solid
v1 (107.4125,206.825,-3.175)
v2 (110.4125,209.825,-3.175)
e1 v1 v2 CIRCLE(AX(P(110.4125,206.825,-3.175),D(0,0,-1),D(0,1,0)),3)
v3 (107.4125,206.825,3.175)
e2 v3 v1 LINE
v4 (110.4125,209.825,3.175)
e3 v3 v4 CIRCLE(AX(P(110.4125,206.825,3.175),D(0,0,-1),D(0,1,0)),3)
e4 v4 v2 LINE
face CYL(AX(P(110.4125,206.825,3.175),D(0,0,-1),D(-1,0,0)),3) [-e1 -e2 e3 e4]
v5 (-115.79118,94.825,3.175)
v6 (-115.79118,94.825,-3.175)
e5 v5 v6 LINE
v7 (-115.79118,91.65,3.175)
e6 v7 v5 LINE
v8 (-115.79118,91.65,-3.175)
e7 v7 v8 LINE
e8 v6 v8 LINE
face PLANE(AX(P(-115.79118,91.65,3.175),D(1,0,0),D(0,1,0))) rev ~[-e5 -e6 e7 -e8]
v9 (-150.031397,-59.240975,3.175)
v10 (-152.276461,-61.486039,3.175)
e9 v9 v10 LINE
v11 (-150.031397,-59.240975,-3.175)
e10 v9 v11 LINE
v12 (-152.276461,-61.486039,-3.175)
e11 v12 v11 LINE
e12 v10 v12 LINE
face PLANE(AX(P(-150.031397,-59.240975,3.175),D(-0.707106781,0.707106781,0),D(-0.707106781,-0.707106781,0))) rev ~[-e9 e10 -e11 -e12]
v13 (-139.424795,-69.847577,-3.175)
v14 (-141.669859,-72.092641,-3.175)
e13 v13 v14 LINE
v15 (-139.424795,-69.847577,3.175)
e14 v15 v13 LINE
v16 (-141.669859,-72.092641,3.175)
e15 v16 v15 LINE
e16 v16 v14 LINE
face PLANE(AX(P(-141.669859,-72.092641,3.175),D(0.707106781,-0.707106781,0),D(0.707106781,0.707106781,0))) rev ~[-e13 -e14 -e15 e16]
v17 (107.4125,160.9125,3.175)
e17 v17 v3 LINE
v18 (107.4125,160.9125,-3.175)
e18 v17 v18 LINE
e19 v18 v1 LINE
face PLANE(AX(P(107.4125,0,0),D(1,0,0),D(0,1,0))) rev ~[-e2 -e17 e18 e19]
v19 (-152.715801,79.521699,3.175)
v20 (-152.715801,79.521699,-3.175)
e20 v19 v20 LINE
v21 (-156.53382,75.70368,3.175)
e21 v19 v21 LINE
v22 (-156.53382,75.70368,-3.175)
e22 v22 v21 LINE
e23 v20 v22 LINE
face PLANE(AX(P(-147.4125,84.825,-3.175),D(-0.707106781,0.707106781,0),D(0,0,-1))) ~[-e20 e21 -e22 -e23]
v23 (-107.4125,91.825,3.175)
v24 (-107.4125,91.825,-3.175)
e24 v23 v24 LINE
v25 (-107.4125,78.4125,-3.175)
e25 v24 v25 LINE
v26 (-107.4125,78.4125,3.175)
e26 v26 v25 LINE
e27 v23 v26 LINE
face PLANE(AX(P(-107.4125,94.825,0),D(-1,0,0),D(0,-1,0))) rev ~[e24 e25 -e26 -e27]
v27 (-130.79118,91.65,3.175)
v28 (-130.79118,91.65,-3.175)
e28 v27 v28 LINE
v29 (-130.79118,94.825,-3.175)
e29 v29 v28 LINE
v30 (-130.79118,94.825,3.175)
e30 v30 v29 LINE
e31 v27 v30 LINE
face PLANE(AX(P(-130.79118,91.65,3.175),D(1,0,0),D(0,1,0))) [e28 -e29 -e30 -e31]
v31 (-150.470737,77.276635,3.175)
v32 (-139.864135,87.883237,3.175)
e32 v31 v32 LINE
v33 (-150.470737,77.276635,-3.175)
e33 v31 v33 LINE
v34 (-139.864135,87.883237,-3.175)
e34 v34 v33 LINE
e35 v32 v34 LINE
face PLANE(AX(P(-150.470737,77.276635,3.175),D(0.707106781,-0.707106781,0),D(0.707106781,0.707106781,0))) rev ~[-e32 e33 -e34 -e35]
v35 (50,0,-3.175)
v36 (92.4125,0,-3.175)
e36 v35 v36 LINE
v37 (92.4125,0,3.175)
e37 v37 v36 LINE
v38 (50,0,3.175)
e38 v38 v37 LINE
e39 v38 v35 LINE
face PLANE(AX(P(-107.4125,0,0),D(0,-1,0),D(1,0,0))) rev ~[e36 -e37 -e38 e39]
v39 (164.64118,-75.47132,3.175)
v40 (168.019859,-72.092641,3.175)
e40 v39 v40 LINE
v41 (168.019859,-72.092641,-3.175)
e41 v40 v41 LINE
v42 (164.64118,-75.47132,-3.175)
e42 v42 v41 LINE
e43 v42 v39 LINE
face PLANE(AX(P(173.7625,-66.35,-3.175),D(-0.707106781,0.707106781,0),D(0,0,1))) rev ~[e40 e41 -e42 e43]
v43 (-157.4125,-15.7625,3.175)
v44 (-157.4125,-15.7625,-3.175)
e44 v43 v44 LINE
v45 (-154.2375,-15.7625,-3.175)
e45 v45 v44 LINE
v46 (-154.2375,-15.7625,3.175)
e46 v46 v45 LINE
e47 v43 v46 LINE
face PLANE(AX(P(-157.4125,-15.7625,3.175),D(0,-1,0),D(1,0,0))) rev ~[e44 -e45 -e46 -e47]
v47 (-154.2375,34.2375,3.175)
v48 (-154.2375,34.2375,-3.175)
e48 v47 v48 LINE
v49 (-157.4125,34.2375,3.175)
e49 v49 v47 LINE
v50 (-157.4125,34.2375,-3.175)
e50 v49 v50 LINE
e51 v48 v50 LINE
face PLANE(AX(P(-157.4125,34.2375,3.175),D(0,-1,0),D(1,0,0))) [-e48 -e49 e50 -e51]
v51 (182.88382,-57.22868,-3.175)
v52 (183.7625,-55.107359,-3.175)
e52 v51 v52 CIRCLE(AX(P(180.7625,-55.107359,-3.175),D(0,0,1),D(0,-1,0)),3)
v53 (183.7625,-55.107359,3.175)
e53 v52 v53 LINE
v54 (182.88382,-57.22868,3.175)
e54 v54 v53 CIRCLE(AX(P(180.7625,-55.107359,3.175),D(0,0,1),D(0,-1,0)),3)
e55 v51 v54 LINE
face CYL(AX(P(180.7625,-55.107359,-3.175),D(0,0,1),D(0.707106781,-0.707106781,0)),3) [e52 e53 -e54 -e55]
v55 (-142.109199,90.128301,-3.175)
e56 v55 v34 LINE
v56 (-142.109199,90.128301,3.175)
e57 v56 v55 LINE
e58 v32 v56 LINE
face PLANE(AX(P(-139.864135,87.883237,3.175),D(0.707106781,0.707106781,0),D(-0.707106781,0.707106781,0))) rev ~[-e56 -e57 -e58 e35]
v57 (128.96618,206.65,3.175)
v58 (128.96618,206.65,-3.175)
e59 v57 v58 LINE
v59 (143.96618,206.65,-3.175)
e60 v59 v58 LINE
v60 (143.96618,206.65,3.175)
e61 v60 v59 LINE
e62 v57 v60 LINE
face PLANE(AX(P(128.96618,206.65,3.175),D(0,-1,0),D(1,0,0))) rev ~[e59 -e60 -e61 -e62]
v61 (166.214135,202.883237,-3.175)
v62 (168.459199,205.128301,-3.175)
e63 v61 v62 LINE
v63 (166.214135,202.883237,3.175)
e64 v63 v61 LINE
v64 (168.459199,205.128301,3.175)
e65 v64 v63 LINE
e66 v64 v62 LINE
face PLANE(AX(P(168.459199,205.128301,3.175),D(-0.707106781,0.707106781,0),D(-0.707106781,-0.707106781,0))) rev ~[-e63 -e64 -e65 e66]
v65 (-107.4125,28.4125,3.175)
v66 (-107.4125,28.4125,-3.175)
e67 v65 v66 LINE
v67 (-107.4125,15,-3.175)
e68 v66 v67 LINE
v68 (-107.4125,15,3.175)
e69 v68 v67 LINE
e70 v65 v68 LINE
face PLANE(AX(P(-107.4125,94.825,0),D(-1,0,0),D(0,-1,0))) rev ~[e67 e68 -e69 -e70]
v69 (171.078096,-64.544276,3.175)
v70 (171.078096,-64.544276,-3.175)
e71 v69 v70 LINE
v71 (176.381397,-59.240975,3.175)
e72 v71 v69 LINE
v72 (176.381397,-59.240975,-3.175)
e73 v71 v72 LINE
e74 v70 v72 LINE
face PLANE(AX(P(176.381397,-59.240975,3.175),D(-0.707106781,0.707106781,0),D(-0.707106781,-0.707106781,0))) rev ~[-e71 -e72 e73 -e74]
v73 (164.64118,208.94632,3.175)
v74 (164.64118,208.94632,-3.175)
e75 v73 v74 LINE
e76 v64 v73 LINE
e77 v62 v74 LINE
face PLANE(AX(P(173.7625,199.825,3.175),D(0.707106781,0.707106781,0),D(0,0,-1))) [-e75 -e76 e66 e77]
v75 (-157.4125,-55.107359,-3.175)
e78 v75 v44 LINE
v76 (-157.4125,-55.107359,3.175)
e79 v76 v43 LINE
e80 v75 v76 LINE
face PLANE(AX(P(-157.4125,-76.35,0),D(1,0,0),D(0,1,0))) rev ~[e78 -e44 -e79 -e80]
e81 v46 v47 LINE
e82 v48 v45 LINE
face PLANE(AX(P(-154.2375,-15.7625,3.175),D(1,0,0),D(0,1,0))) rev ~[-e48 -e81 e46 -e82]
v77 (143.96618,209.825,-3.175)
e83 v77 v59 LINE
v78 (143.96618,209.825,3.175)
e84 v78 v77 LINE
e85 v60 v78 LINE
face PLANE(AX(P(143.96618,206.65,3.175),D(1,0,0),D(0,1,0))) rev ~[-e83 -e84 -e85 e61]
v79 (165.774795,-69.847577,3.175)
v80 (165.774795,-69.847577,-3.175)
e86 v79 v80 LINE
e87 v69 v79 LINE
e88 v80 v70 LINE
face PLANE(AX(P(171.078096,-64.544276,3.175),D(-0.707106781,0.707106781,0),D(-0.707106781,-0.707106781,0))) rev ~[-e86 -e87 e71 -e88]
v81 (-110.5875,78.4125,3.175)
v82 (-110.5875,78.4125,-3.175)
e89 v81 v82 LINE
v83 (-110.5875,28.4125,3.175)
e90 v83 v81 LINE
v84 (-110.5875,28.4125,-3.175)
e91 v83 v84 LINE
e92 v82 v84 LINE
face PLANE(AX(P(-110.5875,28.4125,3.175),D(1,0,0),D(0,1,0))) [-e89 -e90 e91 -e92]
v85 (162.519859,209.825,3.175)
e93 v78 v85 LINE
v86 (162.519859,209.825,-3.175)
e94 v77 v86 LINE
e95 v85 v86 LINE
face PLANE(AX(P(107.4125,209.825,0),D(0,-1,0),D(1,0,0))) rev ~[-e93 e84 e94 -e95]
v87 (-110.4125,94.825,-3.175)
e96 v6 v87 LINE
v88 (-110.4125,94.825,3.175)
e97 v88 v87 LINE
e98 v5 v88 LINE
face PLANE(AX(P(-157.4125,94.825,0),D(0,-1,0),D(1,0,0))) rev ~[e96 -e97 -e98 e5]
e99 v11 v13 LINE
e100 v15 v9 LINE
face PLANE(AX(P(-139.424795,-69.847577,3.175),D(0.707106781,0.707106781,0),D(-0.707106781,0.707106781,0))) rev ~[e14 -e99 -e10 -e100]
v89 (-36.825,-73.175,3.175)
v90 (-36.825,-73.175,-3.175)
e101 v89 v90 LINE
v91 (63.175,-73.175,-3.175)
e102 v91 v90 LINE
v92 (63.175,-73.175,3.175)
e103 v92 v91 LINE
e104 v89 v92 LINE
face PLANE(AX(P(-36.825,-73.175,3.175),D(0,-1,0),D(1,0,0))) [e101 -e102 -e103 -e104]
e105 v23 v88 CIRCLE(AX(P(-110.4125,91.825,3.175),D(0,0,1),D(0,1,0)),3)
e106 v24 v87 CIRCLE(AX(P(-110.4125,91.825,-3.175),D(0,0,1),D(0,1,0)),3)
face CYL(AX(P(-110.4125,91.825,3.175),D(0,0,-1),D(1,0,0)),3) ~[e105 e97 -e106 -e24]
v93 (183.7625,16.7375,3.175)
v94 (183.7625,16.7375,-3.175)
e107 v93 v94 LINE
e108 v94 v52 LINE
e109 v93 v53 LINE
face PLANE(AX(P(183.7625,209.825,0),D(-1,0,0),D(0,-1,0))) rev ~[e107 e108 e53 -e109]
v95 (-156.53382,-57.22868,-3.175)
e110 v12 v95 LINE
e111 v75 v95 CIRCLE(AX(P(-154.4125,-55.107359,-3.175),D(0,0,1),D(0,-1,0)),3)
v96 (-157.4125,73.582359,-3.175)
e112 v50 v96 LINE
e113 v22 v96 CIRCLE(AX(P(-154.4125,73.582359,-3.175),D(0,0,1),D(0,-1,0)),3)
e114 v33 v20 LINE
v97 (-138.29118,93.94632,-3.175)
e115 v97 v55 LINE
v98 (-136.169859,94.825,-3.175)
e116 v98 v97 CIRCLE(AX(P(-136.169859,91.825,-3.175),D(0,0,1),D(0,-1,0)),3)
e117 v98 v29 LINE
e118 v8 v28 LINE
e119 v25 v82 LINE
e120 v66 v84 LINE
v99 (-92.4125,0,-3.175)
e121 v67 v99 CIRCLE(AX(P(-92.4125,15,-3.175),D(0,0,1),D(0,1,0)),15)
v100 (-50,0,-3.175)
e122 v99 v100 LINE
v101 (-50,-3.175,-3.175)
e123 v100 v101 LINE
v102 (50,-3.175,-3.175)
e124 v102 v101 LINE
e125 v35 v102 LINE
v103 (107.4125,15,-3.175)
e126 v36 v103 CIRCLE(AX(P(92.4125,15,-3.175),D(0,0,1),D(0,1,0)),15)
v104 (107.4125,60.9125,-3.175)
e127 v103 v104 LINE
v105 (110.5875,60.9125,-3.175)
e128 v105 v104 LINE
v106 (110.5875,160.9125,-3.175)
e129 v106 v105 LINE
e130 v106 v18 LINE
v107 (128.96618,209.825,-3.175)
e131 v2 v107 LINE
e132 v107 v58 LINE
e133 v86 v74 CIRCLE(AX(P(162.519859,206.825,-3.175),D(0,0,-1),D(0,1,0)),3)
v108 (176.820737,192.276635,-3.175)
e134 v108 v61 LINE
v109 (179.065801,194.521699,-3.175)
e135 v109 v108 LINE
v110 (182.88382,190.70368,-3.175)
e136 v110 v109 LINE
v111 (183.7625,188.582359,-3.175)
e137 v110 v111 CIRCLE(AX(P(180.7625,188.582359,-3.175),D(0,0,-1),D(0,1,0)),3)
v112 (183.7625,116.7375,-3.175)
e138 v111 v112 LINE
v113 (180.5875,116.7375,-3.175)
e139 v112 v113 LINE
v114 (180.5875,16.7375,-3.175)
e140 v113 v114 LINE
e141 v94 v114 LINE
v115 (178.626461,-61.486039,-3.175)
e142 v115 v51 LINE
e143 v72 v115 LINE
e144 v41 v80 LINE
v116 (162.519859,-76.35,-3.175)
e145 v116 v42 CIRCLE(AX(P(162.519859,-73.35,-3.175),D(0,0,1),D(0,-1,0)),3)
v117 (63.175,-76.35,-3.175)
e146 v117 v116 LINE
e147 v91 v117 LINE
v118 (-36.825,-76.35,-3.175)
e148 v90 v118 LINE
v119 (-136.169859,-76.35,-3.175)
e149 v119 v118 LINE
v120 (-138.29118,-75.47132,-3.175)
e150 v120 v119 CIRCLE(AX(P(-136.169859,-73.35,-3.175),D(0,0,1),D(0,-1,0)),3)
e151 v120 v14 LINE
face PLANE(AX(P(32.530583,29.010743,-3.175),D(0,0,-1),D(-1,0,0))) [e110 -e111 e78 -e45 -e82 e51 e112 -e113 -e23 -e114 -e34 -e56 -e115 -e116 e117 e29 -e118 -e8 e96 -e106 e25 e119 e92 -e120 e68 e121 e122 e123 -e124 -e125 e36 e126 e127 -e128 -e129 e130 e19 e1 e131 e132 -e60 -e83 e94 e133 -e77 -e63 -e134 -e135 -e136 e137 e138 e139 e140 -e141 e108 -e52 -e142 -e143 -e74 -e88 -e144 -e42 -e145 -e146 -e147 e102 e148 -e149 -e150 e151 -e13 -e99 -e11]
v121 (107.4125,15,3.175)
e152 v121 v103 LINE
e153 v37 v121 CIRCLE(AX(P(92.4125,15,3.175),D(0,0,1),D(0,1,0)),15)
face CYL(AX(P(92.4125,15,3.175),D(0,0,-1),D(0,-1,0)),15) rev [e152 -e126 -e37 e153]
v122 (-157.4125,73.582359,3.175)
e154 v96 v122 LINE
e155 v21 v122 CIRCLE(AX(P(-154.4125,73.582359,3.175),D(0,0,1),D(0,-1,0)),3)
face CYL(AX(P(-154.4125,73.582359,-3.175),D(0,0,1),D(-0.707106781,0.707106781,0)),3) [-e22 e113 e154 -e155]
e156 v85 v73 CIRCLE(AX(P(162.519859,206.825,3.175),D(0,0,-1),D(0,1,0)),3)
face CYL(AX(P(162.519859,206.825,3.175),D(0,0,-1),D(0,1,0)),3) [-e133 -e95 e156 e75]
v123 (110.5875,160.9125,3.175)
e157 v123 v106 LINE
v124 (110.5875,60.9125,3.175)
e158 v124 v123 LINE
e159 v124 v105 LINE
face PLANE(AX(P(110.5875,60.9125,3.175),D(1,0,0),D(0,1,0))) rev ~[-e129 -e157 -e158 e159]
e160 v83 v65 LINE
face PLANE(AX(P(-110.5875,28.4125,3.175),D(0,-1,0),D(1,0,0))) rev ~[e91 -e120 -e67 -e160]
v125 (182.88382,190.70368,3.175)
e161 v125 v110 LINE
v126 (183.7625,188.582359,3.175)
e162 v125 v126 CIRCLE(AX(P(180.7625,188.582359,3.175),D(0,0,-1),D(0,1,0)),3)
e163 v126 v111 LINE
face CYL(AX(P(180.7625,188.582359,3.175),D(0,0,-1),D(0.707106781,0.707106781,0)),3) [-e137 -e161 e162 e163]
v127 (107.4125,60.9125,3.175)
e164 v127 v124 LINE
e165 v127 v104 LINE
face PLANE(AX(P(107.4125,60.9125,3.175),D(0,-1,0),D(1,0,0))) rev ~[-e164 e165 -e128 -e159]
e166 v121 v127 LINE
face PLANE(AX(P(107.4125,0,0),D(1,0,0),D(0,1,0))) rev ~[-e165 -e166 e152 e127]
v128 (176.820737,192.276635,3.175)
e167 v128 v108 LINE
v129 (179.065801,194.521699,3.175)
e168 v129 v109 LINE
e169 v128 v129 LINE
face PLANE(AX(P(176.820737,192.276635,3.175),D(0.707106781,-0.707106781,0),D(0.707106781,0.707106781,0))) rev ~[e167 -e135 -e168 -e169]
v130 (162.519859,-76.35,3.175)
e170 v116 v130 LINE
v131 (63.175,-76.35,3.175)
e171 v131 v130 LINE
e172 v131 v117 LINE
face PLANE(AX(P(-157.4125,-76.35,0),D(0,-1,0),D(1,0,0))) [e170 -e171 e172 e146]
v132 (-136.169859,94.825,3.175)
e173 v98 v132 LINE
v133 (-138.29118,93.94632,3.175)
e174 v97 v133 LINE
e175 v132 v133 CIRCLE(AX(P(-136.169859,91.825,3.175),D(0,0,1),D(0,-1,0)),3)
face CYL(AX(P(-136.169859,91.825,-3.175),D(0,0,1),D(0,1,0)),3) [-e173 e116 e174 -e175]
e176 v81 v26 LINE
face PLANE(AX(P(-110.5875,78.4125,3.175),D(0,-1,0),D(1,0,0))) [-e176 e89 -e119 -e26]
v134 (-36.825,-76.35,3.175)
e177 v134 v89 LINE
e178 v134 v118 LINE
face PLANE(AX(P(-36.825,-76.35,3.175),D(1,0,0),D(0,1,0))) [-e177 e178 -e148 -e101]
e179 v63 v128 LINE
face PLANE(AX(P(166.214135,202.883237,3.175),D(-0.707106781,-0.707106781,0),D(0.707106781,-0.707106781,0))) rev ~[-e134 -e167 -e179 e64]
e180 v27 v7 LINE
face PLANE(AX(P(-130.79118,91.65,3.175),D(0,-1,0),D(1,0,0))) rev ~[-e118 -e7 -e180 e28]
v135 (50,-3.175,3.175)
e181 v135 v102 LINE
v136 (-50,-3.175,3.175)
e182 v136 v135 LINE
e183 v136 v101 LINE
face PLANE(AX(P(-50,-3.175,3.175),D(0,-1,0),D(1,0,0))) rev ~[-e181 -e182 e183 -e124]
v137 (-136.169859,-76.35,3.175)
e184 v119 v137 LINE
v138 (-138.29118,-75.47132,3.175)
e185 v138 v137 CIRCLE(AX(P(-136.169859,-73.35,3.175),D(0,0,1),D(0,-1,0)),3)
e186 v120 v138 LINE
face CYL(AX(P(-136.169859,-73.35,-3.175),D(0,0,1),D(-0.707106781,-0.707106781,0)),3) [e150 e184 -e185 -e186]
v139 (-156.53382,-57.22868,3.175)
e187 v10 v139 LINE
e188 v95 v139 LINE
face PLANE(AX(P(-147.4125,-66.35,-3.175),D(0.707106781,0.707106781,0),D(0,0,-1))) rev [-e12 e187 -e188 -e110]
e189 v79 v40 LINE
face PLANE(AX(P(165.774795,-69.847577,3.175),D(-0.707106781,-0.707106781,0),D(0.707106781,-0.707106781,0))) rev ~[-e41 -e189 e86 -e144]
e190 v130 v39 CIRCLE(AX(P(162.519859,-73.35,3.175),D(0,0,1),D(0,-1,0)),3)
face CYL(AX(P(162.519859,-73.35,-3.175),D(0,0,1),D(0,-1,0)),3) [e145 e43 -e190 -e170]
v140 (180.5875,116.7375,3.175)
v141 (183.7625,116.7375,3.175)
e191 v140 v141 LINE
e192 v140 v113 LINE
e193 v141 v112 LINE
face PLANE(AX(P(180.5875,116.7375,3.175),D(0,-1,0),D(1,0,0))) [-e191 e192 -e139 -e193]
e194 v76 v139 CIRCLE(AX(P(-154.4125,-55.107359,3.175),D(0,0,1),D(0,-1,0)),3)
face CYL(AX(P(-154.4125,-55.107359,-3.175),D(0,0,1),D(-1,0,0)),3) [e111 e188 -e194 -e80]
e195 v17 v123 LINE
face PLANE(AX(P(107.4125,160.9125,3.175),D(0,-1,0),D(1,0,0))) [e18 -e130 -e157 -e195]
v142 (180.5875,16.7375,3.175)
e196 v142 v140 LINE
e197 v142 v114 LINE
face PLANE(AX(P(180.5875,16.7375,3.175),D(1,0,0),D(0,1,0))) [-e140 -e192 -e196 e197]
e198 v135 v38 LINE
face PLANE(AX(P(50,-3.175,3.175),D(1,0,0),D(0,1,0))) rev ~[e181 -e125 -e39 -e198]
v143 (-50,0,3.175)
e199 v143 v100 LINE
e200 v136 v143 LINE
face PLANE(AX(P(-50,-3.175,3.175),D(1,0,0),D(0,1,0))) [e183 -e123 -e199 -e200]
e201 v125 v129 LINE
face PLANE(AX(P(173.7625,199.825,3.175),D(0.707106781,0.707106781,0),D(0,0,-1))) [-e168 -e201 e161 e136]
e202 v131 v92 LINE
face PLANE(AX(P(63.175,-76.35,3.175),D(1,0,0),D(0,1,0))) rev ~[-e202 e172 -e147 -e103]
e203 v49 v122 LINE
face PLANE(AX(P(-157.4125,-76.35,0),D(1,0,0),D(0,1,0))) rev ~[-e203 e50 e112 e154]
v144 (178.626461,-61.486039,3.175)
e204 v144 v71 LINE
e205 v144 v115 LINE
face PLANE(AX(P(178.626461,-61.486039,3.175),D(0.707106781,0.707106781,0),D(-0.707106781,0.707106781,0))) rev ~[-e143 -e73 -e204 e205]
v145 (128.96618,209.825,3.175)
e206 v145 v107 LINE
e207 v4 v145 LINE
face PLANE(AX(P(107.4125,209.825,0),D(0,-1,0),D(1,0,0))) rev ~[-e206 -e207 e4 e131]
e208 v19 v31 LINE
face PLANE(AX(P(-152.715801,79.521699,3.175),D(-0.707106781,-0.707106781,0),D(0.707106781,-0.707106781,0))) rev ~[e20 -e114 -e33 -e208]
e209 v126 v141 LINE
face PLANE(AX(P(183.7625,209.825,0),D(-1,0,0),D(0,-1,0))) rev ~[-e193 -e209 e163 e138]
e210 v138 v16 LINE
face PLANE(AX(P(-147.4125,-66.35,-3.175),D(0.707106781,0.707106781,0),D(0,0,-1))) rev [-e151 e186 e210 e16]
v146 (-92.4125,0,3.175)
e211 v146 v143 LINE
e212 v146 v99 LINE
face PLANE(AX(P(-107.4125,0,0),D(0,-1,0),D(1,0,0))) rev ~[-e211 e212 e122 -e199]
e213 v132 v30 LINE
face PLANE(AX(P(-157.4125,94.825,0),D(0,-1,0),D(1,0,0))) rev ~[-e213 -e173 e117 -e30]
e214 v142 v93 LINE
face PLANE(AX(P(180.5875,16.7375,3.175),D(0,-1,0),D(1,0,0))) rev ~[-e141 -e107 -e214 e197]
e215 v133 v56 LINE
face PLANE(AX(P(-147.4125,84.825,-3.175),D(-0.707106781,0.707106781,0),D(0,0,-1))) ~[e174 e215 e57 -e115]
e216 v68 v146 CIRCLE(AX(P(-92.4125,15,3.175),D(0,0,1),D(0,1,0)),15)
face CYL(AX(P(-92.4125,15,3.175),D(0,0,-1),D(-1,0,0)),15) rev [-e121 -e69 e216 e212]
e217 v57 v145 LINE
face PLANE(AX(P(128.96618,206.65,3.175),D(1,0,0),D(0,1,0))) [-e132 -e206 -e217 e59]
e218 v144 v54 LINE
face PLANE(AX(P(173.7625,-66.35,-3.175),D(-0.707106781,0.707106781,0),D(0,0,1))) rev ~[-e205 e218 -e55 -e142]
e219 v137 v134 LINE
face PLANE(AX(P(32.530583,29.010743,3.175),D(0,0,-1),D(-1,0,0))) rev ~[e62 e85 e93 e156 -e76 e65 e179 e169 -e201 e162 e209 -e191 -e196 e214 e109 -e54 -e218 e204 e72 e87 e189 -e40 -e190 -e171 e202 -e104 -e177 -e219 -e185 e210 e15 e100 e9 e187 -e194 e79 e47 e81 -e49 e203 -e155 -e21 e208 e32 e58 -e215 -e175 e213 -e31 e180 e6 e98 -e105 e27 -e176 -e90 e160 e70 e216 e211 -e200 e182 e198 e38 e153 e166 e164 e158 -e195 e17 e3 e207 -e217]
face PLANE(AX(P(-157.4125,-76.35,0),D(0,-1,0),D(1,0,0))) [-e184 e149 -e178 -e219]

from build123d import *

# Parameters (mm, degrees)
BOSS_EXTRUDE1_DEPTH      = 3.175
BOSS_EXTRUDE1_DEPTH_BACK = 3.175
CHAMFER1_SIZE            = 20
FILLET1_R                = 15
FILLET2_R                = 3
SKETCH4_W                = 3.175
SKETCH4_H                = 50
SKETCH4_W_2              = 15
SKETCH4_H_2              = 3.175
SKETCH4_W_3              = 100
SKETCH4_H_3              = 100
WALL_SLOTS_DEPTH         = 60
FILLET3_R                = 3


with BuildPart() as part:
    # Sketch2 → Boss-Extrude1 (new body, two sides)
    with BuildSketch(Plane.XY) as boss_extrude1_sk:
        Polygon((-157.4125, 94.825), (-107.4125, 94.825), (-107.4125, 0), (107.4125, 0), (107.4125, 209.825), (183.7625, 209.825), (183.7625, -76.35), (58.275, -76.35), (-31.925, -76.35), (-157.4125, -76.35), align=None)
    extrude(amount=BOSS_EXTRUDE1_DEPTH)
    extrude(boss_extrude1_sk.sketch, amount=-BOSS_EXTRUDE1_DEPTH_BACK)

    # Chamfer1
    chamfer1_edges = [part.edges().sort_by_distance(p)[0] for p in [
        (-157.4125, 94.825, 0),
        (183.7625, 209.825, 0),
        (183.7625, -76.35, 0),
        (-157.4125, -76.35, 0),
    ]]
    chamfer(chamfer1_edges, length=CHAMFER1_SIZE)

    # Fillet1
    fillet1_edges = [part.edges().sort_by_distance(p)[0] for p in [
        (-107.4125, 0, 0),
        (107.4125, 0, 0),
    ]]
    fillet(fillet1_edges, radius=FILLET1_R)

    # Fillet2
    fillet2_edges = [part.edges().sort_by_distance(p)[0] for p in [
        (-107.4125, 94.825, 0),
        (107.4125, 209.825, 0),
        (-157.4125, 74.825, 0),
        (-157.4125, -56.35, 0),
        (183.7625, 189.825, 0),
        (183.7625, -56.35, 0),
        (163.7625, 209.825, 0),
        (-137.4125, 94.825, 0),
    ]]
    fillet(fillet2_edges, radius=FILLET2_R)

    # Sketch4 → wall_slots (cut)
    with BuildSketch(Plane.XY.offset(3.175)):
        with Locations((-109, 53.4125)):
            Rectangle(SKETCH4_W, SKETCH4_H)
        with Locations((-123.291179656, 93.2375)):
            Rectangle(SKETCH4_W_2, SKETCH4_H_2)
        Polygon((-142.109199141, 90.128300859), (-152.715800859, 79.521699141), (-150.470736829, 77.276635111), (-139.864135111, 87.883236829), align=None)
        with Locations((-155.825, 9.2375)):
            Rectangle(SKETCH4_W, SKETCH4_H)
        Polygon((-150.031397, -59.240974939), (-152.276461031, -61.486038969), (-141.669859313, -72.092640687), (-139.424795283, -69.847576657), align=None)
        with Locations((13.175, -74.7625)):
            Rectangle(SKETCH4_W_3, SKETCH4_H_2)
        with Locations((0, -1.5875)):
            Rectangle(SKETCH4_W_3, SKETCH4_H_2)
        Polygon((165.774795283, -69.847576657), (168.019859313, -72.092640687), (173.323160172, -66.789339828), (171.078096142, -64.544275798), align=None)
        Polygon((171.078096142, -64.544275798), (173.323160172, -66.789339828), (178.626461031, -61.486038969), (176.381397, -59.240974939), align=None)
        with Locations((182.175, 66.7375)):
            Rectangle(SKETCH4_W, SKETCH4_H_3)
        with Locations((109, 110.9125)):
            Rectangle(SKETCH4_W, SKETCH4_H_3)
        with Locations((136.466179656, 208.2375)):
            Rectangle(SKETCH4_W_2, SKETCH4_H_2)
        Polygon((179.065800859, 194.521699141), (168.459199141, 205.128300859), (166.214135111, 202.883236829), (176.820736829, 192.276635111), align=None)
    extrude(amount=-WALL_SLOTS_DEPTH, mode=Mode.SUBTRACT)

    # Fillet3
    fillet3_edges = [part.edges().sort_by_distance(p)[0] for p in [
        (163.7625, -76.35, 0),
        (-137.4125, -76.35, 0),
    ]]
    fillet(fillet3_edges, radius=FILLET3_R)


solid = part.part
